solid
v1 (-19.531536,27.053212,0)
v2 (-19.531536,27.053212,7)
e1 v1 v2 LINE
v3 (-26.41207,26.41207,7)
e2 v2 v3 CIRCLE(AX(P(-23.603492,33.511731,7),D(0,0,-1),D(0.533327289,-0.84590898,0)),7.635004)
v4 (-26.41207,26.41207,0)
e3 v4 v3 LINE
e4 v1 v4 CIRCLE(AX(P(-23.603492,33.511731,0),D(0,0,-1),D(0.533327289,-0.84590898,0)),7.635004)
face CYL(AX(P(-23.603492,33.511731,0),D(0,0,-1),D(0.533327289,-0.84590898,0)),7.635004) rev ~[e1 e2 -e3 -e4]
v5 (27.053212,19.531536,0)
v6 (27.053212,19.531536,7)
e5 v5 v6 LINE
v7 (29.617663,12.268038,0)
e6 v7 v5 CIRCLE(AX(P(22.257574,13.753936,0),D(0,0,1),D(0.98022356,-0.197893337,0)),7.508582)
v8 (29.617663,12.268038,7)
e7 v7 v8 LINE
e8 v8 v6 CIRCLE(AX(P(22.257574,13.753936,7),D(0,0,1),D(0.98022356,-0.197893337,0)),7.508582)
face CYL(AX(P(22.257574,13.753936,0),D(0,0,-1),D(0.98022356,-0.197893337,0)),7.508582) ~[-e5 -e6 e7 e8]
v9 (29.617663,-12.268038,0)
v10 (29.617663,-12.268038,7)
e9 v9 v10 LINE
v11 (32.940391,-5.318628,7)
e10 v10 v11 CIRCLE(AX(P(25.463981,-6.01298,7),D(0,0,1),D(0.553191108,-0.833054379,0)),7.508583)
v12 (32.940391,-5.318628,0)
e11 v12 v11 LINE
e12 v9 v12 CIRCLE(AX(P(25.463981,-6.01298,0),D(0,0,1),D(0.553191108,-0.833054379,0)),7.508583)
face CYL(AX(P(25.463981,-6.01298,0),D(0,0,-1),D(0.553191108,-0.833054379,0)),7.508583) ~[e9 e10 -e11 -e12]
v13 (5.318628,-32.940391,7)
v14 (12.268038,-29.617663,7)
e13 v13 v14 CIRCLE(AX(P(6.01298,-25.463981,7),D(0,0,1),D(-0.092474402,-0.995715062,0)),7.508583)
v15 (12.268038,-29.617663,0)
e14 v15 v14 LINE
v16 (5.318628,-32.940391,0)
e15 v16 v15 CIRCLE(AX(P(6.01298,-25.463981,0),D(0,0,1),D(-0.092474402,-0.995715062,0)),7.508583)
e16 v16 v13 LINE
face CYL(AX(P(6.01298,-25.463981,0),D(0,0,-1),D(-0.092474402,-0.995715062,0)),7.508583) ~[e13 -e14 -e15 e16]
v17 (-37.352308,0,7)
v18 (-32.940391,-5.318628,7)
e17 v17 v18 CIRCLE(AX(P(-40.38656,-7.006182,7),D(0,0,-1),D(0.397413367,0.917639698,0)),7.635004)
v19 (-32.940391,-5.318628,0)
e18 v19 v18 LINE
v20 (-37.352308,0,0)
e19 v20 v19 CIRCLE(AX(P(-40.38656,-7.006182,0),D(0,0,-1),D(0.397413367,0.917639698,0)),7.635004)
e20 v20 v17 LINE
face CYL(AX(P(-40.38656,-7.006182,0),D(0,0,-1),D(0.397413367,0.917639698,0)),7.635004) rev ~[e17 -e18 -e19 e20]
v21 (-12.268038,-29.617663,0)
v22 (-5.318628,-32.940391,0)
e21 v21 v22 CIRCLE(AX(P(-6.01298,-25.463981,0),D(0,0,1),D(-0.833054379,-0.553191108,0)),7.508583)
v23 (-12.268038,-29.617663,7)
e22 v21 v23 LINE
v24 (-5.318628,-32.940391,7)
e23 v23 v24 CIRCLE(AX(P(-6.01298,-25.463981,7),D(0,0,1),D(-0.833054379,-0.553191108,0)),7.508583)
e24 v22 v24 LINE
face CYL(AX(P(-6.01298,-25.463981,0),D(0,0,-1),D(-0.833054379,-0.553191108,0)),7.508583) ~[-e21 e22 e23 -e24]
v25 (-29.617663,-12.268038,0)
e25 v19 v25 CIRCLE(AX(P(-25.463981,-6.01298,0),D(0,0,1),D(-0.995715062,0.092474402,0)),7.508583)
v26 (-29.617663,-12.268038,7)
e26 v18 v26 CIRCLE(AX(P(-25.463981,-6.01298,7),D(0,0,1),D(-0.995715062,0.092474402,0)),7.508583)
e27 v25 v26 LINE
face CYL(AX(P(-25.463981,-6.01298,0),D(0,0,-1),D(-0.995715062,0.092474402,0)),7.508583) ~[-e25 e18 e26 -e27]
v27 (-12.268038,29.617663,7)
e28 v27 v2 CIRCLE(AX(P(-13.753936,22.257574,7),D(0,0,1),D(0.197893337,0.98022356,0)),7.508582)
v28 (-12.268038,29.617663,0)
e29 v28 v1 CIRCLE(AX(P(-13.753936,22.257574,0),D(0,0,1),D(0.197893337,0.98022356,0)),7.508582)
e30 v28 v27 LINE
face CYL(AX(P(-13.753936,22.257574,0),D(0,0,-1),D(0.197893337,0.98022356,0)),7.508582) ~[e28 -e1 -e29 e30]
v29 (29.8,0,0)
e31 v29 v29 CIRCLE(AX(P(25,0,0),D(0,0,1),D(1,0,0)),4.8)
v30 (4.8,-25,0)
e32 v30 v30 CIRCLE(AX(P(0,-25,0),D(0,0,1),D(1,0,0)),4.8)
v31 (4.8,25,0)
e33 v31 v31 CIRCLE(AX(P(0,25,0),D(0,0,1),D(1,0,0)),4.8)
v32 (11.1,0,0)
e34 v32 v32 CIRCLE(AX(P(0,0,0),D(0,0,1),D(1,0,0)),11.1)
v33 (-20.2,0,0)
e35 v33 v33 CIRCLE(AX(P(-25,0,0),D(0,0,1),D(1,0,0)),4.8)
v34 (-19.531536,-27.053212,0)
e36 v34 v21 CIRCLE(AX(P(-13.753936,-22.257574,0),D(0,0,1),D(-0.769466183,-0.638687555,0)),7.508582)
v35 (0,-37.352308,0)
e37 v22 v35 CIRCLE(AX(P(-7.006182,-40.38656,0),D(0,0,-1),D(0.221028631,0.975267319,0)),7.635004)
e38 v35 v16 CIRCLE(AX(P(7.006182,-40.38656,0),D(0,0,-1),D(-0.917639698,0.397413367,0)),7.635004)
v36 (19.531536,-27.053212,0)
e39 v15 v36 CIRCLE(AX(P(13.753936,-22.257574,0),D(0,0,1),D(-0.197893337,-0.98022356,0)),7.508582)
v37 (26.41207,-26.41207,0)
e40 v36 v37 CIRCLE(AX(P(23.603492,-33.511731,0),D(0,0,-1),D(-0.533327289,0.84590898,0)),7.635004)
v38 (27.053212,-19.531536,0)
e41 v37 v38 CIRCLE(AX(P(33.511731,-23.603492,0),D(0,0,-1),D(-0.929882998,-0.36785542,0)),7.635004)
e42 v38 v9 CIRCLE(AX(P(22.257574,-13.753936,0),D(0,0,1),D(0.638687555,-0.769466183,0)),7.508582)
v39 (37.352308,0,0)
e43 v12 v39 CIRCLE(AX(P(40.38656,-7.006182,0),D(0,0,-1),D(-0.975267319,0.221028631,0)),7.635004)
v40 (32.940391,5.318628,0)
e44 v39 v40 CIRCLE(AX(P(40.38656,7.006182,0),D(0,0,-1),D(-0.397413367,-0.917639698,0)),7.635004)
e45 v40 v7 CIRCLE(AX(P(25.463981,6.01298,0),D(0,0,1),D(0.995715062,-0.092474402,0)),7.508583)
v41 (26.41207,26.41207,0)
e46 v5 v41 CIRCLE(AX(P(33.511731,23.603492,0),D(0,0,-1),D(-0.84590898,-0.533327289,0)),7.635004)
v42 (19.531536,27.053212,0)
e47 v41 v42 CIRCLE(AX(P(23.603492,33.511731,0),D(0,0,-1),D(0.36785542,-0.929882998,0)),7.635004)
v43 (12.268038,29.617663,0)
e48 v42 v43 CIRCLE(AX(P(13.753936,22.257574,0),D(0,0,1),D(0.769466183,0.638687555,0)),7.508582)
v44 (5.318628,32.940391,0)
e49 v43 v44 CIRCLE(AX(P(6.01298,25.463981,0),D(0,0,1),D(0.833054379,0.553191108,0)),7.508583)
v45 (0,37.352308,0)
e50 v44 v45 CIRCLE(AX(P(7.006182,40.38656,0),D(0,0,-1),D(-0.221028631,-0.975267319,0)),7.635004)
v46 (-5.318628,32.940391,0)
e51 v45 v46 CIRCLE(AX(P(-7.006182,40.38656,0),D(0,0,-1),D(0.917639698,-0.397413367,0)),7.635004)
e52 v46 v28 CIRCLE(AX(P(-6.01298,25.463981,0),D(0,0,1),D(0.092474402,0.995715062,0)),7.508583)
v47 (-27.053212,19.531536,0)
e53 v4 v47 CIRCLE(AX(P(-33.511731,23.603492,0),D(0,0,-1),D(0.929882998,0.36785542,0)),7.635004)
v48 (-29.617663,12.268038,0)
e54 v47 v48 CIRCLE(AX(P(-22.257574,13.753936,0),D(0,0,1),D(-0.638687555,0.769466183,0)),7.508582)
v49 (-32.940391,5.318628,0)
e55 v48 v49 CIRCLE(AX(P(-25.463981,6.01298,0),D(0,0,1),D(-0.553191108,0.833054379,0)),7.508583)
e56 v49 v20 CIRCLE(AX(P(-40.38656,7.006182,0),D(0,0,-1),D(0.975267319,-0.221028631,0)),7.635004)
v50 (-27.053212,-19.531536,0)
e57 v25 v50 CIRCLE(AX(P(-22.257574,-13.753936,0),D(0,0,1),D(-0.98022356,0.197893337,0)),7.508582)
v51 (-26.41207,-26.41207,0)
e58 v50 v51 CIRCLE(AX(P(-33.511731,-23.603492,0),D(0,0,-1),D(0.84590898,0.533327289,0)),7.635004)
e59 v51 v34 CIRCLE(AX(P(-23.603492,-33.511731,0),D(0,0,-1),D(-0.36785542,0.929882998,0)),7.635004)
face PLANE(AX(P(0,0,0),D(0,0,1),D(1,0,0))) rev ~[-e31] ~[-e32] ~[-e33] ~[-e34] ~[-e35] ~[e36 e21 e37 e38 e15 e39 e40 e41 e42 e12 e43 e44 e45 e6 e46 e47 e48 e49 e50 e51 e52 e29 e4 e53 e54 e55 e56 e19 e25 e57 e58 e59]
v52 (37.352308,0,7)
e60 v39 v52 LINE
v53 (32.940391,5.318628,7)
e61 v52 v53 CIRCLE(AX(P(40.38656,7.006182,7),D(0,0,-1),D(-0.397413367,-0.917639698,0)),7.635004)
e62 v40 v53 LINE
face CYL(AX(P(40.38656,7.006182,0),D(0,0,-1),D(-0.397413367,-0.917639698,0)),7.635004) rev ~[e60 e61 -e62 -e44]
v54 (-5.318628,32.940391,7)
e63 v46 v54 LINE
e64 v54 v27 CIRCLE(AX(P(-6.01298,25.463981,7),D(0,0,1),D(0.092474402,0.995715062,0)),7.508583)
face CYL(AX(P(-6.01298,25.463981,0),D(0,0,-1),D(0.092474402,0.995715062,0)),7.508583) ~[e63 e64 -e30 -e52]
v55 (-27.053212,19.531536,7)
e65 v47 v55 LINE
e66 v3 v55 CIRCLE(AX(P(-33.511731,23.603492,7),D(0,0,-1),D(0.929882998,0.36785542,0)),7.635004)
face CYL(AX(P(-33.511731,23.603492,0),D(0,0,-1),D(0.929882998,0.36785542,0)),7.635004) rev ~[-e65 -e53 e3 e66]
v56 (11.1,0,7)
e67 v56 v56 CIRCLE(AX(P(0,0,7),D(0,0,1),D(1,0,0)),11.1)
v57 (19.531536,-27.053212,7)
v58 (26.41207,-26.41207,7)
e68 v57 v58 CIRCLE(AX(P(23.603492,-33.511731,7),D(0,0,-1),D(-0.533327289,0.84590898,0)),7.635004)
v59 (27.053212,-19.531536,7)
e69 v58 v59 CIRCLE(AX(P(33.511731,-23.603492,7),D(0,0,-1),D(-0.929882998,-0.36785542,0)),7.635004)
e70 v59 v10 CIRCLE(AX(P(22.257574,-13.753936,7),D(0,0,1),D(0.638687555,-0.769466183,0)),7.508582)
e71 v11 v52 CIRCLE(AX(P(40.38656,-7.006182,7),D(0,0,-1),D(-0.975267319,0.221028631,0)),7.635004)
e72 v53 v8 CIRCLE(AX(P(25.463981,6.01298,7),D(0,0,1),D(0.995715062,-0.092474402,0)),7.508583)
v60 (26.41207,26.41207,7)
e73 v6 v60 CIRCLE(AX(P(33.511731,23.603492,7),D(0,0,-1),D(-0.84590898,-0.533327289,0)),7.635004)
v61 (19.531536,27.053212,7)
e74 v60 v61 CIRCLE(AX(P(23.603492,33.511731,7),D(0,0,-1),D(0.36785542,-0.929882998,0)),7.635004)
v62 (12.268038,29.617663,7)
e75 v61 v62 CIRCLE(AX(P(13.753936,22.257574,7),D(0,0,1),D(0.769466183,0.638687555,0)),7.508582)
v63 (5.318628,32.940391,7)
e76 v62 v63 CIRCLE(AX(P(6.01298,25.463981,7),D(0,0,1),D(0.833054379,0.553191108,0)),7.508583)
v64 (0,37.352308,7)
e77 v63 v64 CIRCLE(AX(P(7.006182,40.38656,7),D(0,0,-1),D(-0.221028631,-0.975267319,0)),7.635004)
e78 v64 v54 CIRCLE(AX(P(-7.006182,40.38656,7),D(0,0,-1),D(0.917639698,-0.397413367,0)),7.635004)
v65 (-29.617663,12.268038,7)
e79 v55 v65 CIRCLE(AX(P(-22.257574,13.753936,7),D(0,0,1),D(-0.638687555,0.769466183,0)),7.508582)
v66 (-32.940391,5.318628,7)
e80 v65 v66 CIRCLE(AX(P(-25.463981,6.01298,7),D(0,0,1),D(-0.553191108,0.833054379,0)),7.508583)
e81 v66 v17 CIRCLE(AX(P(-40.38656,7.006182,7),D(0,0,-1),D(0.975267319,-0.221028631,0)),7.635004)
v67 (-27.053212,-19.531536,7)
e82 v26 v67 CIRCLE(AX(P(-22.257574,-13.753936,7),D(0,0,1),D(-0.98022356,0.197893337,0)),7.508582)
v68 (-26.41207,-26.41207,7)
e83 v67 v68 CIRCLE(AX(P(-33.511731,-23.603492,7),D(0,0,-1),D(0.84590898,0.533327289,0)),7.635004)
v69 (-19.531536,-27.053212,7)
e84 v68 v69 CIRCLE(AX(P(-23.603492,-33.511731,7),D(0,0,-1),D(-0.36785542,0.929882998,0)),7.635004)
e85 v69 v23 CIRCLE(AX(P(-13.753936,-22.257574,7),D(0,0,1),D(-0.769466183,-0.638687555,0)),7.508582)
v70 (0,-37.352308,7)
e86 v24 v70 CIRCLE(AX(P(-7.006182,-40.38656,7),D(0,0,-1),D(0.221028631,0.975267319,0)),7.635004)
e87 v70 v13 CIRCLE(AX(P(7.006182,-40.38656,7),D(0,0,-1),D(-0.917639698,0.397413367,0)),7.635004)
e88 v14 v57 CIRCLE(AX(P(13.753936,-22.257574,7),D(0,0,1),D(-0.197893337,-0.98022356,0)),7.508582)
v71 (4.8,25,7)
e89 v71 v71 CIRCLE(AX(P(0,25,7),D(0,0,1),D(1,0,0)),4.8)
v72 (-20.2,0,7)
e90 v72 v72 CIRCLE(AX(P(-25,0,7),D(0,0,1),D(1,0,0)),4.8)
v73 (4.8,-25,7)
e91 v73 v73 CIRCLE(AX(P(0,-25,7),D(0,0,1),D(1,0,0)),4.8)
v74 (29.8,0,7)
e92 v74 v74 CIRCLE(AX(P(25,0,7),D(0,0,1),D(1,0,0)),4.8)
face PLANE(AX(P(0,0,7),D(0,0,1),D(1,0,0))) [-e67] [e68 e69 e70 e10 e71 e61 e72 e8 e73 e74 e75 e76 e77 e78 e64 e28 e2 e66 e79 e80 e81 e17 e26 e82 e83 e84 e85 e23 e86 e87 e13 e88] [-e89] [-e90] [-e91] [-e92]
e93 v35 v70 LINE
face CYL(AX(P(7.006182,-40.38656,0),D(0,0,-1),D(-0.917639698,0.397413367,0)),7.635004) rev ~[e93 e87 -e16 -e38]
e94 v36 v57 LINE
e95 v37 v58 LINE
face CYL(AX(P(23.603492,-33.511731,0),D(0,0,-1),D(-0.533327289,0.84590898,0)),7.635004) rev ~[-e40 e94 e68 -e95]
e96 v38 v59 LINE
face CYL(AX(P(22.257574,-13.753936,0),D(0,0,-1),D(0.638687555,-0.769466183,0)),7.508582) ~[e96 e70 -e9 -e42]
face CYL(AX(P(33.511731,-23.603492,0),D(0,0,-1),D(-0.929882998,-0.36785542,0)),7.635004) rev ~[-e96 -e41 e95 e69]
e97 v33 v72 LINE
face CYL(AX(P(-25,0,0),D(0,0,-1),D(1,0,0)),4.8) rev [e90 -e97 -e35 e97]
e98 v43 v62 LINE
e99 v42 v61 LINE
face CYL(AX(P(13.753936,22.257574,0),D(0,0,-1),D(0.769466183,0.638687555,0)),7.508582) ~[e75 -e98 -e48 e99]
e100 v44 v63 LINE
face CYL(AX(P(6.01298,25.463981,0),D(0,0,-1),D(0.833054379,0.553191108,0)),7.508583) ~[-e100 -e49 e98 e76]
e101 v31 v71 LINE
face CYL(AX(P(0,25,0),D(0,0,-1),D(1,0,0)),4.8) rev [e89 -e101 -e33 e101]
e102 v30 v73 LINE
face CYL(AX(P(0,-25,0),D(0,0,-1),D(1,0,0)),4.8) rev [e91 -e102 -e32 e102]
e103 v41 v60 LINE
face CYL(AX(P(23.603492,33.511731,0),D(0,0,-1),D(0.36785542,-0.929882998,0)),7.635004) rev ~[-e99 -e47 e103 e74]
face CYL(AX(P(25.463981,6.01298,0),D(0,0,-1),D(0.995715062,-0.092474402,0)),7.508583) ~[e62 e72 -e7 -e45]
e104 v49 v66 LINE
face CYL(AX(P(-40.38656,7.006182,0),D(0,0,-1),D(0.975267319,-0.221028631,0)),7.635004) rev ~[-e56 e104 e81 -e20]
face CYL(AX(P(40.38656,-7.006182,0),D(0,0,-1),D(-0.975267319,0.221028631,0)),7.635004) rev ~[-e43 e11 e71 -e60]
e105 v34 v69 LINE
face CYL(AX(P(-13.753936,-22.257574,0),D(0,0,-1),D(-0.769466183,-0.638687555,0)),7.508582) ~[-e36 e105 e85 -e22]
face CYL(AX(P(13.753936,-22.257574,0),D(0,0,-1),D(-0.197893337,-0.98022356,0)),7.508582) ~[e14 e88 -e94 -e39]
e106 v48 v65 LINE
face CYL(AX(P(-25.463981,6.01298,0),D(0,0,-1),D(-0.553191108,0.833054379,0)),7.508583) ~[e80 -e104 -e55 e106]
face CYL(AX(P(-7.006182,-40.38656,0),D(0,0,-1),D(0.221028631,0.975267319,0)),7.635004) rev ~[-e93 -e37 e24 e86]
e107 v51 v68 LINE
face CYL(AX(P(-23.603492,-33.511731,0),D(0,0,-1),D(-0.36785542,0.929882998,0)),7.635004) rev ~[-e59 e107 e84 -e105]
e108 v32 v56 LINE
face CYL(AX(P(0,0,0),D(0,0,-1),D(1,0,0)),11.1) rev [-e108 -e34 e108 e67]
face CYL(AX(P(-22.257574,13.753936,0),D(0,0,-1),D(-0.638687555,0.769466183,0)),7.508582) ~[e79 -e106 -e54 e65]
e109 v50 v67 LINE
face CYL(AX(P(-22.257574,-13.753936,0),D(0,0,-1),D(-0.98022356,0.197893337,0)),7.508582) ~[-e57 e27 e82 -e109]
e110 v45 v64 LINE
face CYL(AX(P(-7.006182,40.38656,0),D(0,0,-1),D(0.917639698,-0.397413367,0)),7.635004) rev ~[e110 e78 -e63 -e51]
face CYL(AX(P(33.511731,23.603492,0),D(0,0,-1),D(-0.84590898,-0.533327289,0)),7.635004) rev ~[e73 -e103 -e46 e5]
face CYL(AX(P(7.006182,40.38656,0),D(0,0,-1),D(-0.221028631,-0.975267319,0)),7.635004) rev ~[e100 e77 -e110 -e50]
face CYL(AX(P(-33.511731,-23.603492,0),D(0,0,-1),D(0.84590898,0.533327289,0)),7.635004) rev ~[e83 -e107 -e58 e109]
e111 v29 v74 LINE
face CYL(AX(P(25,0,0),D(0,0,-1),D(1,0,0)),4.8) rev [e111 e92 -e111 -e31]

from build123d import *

# Parameters (mm, degrees)
F0_R     = 4.8
F0_R_2   = 11.1
F1_DEPTH = 7


with BuildPart() as f1:
    # F0 (on Top) → F1 (new body)
    with BuildSketch(Plane.XY):
        with BuildLine():
            ThreePointArc((37.352308, 0), (34.510187, 2.131604), (32.940391, 5.318628))
            ThreePointArc((32.940391, 5.318628), (32.238074, 9.251883), (29.617663, 12.268038))
            ThreePointArc((29.617663, 12.268038), (29.33783, 16.253692), (27.053212, 19.531536))
            ThreePointArc((27.053212, 19.531536), (25.909659, 22.895116), (26.41207, 26.41207))
            ThreePointArc((26.41207, 26.41207), (22.895116, 25.909659), (19.531536, 27.053212))
            ThreePointArc((19.531536, 27.053212), (16.253692, 29.33783), (12.268038, 29.617663))
            ThreePointArc((12.268038, 29.617663), (9.251883, 32.238074), (5.318628, 32.940391))
            ThreePointArc((5.318628, 32.940391), (2.131604, 34.510187), (0, 37.352308))
            ThreePointArc((0, 37.352308), (-2.131604, 34.510187), (-5.318628, 32.940391))
            ThreePointArc((-5.318628, 32.940391), (-9.251883, 32.238074), (-12.268038, 29.617663))
            ThreePointArc((-12.268038, 29.617663), (-16.253692, 29.33783), (-19.531536, 27.053212))
            ThreePointArc((-19.531536, 27.053212), (-22.895116, 25.909659), (-26.41207, 26.41207))
            ThreePointArc((-26.41207, 26.41207), (-25.909659, 22.895116), (-27.053212, 19.531536))
            ThreePointArc((-27.053212, 19.531536), (-29.33783, 16.253692), (-29.617663, 12.268038))
            ThreePointArc((-29.617663, 12.268038), (-32.238074, 9.251883), (-32.940391, 5.318628))
            ThreePointArc((-32.940391, 5.318628), (-34.510187, 2.131604), (-37.352308, 0))
            ThreePointArc((-37.352308, 0), (-34.510187, -2.131604), (-32.940391, -5.318628))
            ThreePointArc((-32.940391, -5.318628), (-32.238074, -9.251883), (-29.617663, -12.268038))
            ThreePointArc((-29.617663, -12.268038), (-29.33783, -16.253692), (-27.053212, -19.531536))
            ThreePointArc((-27.053212, -19.531536), (-25.909659, -22.895116), (-26.41207, -26.41207))
            ThreePointArc((-26.41207, -26.41207), (-22.895116, -25.909659), (-19.531536, -27.053212))
            ThreePointArc((-19.531536, -27.053212), (-16.253692, -29.33783), (-12.268038, -29.617663))
            ThreePointArc((-12.268038, -29.617663), (-9.251883, -32.238074), (-5.318628, -32.940391))
            ThreePointArc((-5.318628, -32.940391), (-2.131604, -34.510187), (0, -37.352308))
            ThreePointArc((0, -37.352308), (2.131604, -34.510187), (5.318628, -32.940391))
            ThreePointArc((5.318628, -32.940391), (9.251883, -32.238074), (12.268038, -29.617663))
            ThreePointArc((12.268038, -29.617663), (16.253692, -29.33783), (19.531536, -27.053212))
            ThreePointArc((19.531536, -27.053212), (22.895116, -25.909659), (26.41207, -26.41207))
            ThreePointArc((26.41207, -26.41207), (25.909659, -22.895116), (27.053212, -19.531536))
            ThreePointArc((27.053212, -19.531536), (29.33783, -16.253692), (29.617663, -12.268038))
            ThreePointArc((29.617663, -12.268038), (32.238074, -9.251883), (32.940391, -5.318628))
            ThreePointArc((32.940391, -5.318628), (34.510187, -2.131604), (37.352308, 0))
        make_face()
        with Locations((0, -25)):
            Circle(F0_R, mode=Mode.SUBTRACT)
        with Locations((-25, 0)):
            Circle(F0_R, mode=Mode.SUBTRACT)
        Circle(F0_R_2, mode=Mode.SUBTRACT)
        with Locations((25, 0)):
            Circle(F0_R, mode=Mode.SUBTRACT)
        with Locations((0, 25)):
            Circle(F0_R, mode=Mode.SUBTRACT)
    extrude(amount=F1_DEPTH)


solid = f1.part
